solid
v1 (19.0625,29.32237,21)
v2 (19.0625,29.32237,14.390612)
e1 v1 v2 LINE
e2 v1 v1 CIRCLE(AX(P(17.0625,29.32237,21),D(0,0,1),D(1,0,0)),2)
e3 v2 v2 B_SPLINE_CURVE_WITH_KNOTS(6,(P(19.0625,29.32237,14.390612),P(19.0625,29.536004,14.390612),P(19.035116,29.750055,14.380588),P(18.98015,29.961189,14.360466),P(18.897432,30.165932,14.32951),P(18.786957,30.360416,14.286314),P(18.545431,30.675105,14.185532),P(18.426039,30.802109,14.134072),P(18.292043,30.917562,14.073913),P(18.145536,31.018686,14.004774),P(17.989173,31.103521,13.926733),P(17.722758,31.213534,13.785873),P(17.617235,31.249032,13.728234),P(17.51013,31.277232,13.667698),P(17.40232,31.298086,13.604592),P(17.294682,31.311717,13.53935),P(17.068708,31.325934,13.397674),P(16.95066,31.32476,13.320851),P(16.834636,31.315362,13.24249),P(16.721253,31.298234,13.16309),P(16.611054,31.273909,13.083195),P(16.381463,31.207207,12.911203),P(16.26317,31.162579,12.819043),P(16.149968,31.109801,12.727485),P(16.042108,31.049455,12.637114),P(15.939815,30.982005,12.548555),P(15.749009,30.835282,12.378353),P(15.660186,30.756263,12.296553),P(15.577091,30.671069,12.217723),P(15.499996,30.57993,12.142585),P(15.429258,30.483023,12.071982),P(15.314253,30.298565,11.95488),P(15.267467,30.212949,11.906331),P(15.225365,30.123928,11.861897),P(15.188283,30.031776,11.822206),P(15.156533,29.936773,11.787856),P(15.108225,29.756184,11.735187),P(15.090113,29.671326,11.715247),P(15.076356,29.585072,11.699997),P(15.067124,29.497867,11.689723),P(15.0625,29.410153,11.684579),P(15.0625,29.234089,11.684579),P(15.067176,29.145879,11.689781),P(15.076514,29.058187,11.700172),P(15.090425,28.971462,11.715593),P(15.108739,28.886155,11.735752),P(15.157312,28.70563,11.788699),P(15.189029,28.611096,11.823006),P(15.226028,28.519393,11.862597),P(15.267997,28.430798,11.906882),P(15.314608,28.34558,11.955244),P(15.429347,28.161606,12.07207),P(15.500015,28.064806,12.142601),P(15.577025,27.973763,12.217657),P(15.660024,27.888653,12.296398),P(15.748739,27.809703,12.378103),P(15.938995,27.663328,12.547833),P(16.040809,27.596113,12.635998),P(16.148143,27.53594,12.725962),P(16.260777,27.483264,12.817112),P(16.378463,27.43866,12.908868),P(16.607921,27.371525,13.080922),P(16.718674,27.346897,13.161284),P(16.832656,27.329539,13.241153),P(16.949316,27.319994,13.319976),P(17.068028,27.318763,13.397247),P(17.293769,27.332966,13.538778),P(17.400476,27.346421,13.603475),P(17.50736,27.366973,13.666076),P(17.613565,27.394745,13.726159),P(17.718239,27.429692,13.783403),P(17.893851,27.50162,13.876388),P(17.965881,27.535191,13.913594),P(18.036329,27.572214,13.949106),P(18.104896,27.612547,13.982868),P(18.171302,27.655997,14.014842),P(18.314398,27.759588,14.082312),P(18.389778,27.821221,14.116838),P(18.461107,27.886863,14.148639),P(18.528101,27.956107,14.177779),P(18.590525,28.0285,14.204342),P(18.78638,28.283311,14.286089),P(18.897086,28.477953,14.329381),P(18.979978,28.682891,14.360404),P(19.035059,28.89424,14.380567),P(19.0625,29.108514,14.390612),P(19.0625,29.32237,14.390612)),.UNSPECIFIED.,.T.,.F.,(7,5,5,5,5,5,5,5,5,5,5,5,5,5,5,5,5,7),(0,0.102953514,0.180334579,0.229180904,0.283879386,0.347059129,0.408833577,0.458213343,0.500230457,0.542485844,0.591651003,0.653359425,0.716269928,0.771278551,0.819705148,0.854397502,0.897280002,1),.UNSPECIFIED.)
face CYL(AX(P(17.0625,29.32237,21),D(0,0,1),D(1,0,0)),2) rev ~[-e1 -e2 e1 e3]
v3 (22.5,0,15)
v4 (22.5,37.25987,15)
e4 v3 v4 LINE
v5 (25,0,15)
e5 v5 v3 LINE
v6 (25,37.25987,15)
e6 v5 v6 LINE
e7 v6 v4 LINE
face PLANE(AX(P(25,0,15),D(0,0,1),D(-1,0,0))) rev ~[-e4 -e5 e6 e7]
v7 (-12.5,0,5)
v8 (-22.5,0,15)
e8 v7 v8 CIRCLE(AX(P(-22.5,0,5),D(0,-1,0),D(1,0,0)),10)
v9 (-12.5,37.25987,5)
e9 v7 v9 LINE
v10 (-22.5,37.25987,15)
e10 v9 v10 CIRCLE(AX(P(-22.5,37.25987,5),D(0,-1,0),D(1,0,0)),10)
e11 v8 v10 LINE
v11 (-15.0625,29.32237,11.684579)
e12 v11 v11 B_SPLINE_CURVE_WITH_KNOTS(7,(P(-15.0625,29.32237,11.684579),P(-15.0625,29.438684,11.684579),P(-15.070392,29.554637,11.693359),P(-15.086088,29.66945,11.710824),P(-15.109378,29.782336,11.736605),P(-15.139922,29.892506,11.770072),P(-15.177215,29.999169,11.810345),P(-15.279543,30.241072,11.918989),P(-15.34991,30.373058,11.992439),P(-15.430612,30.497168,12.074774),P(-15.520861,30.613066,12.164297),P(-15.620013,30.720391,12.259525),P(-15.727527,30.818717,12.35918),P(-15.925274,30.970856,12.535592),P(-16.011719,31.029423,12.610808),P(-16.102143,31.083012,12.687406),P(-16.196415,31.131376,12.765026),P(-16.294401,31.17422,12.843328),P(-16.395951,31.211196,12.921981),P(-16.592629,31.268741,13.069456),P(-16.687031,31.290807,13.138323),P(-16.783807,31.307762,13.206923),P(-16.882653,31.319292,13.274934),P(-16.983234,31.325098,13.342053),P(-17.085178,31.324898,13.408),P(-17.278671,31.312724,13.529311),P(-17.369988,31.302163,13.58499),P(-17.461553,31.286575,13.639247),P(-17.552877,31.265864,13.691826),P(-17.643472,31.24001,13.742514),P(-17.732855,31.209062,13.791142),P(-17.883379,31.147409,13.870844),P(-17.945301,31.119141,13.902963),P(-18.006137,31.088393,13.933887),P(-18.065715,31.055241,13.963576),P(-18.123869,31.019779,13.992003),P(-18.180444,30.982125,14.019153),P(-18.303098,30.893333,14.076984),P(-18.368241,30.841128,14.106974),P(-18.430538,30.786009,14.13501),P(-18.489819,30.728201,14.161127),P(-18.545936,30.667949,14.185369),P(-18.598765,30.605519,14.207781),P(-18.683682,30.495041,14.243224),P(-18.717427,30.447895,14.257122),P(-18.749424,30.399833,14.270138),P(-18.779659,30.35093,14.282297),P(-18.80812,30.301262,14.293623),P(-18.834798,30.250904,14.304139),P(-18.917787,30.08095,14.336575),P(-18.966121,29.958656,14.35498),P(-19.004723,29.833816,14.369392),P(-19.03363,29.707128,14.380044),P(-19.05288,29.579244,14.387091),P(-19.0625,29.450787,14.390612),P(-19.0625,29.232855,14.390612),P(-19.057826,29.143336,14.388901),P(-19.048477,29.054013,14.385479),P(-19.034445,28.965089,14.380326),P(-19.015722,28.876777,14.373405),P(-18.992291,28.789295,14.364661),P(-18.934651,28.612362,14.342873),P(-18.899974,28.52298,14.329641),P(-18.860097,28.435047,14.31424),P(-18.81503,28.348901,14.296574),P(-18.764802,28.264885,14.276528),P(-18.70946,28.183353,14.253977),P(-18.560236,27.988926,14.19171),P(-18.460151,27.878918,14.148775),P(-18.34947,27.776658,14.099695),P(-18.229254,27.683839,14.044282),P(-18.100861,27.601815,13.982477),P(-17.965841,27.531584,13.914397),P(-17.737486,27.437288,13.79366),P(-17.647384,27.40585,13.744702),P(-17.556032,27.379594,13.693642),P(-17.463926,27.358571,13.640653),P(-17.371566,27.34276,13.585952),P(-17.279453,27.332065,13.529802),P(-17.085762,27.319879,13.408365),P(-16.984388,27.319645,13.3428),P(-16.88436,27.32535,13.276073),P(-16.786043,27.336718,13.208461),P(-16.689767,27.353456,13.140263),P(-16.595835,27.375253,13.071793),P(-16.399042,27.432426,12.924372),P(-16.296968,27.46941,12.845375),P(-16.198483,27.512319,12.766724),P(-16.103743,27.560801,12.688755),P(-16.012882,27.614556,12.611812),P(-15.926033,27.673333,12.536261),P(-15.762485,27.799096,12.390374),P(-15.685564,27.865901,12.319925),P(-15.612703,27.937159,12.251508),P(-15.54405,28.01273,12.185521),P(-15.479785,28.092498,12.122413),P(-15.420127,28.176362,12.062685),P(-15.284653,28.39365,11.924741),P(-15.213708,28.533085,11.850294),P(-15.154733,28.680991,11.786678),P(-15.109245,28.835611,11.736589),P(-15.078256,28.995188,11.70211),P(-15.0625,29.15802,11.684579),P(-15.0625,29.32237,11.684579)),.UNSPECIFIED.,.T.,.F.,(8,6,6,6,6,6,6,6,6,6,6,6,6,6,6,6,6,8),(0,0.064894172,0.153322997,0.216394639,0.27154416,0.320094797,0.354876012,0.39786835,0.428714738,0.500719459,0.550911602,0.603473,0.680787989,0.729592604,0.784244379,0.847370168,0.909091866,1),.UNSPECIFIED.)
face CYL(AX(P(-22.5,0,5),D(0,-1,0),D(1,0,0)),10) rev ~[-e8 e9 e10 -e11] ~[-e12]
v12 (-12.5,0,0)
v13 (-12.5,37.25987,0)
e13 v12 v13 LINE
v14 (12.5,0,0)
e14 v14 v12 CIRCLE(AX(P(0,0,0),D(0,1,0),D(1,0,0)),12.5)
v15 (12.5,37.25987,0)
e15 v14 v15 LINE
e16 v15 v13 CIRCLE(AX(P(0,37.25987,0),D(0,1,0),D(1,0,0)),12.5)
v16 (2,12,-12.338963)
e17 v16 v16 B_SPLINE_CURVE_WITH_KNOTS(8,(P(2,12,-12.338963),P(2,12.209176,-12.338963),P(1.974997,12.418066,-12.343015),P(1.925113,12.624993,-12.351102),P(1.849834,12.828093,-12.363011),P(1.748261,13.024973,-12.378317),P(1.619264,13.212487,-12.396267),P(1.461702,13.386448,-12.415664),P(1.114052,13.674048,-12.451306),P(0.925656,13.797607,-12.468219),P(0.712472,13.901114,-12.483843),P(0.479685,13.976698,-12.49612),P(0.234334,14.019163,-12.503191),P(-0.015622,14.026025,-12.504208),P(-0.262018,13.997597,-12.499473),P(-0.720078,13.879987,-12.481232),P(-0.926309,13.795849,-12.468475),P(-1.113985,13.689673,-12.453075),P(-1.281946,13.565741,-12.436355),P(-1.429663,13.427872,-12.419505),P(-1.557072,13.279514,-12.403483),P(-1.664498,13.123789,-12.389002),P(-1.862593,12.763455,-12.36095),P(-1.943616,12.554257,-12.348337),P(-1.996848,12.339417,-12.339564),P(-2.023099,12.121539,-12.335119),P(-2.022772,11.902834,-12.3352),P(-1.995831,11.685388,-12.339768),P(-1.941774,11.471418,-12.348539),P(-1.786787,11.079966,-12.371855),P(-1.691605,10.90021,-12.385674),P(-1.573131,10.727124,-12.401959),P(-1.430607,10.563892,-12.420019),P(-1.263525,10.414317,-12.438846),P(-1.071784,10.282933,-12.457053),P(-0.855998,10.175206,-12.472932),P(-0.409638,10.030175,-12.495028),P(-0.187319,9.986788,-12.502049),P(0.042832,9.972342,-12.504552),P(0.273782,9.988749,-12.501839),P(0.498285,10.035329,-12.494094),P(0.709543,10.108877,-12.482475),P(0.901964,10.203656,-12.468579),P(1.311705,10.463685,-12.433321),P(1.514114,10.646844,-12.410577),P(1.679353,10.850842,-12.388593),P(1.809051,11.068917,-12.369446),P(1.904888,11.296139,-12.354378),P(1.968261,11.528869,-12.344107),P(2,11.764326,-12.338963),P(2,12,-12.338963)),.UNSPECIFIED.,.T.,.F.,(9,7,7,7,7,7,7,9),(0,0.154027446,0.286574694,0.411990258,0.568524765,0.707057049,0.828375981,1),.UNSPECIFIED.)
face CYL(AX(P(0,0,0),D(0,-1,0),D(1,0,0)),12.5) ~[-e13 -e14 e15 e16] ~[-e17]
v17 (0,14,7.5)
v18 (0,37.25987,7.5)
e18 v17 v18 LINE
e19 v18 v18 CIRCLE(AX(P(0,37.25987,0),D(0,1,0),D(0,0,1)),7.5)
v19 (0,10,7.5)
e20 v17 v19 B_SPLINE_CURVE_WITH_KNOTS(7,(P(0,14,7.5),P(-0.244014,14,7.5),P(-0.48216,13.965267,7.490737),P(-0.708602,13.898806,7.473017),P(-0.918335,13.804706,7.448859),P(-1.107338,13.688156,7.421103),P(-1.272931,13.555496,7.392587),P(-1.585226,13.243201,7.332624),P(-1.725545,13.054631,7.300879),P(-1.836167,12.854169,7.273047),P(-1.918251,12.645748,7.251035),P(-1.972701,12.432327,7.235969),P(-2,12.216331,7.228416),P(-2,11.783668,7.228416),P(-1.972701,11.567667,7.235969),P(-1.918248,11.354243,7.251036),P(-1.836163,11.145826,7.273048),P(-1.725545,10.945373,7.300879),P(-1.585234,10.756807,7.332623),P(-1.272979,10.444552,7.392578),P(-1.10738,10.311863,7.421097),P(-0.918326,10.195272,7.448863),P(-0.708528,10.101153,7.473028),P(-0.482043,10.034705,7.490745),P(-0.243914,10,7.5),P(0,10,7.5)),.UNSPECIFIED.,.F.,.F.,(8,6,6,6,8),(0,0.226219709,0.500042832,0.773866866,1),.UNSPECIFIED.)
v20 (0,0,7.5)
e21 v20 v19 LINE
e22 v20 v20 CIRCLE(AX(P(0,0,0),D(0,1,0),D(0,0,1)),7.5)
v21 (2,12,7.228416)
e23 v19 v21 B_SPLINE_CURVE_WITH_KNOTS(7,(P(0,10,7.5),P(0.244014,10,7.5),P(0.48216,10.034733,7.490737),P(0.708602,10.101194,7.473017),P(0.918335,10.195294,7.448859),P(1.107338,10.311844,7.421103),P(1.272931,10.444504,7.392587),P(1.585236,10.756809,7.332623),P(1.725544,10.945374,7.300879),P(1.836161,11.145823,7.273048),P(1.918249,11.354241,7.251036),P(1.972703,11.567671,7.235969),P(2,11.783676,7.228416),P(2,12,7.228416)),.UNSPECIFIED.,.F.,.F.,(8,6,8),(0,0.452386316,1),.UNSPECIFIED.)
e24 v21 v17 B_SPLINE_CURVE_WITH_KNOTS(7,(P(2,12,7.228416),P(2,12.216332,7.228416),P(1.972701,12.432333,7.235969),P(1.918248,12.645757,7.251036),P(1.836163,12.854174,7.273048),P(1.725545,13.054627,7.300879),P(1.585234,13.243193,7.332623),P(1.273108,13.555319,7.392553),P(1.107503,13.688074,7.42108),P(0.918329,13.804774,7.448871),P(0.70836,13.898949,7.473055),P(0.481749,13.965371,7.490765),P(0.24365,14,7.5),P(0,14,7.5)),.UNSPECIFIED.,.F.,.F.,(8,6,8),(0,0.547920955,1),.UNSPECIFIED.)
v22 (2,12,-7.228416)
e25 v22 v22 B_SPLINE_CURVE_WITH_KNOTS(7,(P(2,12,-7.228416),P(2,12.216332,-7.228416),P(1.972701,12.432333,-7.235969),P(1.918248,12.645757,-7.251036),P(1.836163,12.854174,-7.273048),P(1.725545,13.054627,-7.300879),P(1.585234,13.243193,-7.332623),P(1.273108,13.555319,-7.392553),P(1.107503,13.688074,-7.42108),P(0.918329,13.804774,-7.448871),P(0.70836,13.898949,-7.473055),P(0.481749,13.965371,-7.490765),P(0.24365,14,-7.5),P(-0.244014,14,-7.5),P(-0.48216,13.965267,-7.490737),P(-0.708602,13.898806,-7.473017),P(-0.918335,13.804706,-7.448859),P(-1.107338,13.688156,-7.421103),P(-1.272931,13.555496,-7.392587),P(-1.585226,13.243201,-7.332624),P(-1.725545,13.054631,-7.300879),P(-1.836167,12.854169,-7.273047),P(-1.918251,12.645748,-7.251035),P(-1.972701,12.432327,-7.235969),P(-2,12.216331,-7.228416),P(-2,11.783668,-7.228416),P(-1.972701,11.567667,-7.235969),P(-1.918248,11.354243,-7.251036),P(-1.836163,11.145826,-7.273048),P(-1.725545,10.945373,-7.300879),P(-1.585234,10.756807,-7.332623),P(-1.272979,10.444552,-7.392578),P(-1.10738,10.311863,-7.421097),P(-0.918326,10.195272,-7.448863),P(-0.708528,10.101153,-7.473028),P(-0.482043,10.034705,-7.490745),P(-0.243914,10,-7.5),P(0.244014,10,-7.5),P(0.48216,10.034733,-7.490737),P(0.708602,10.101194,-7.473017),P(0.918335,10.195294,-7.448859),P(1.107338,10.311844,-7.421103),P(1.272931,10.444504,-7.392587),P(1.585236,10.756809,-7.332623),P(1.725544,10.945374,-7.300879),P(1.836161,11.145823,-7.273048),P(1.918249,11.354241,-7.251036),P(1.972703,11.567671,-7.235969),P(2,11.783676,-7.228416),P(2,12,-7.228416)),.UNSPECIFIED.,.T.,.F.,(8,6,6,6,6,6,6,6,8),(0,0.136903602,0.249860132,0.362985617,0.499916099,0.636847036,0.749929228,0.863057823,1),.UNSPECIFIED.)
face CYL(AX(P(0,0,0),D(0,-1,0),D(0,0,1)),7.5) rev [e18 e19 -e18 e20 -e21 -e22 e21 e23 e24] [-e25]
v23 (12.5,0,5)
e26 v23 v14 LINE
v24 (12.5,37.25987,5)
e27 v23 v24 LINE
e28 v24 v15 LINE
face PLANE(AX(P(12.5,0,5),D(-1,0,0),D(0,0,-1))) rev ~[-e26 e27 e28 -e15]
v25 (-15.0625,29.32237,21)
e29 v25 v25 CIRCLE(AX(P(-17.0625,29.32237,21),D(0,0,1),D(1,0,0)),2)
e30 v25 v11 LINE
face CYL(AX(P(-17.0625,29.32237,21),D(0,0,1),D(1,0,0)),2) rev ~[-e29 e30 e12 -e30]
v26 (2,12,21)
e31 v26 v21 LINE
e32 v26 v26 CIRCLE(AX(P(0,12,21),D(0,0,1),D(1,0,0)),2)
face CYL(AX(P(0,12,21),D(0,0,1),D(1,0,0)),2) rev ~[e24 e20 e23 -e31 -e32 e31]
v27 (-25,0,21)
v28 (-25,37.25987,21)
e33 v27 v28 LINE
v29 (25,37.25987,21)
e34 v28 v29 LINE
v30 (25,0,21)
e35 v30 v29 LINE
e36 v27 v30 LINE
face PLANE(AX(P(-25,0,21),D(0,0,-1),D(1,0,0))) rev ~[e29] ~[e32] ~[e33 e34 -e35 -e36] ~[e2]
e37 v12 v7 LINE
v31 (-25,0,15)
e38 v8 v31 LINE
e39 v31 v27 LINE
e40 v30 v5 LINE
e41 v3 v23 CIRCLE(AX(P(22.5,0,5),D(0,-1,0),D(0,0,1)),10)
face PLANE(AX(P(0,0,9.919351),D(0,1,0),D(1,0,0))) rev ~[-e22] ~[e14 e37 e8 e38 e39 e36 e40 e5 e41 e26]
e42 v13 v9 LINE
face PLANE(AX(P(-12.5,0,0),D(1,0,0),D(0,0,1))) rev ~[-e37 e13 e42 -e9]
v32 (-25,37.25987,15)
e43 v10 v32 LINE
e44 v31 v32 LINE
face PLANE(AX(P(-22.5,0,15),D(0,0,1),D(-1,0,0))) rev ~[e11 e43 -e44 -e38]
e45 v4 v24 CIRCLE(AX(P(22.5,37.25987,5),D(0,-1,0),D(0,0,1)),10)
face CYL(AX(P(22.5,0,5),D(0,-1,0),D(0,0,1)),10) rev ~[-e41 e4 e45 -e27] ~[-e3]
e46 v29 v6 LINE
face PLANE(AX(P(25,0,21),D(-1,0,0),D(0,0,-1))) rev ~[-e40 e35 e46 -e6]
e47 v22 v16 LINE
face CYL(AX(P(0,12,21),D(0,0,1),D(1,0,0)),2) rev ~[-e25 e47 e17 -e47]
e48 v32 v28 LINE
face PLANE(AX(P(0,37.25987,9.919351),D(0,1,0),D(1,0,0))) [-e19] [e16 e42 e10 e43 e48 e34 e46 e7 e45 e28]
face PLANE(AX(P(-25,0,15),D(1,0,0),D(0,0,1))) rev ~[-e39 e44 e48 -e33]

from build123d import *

# Parameters (mm, degrees)
PROFILE_SKETCH1_R                    = 7.5
PROFILE_BOSS_EXTRUDE2_DEPTH          = 37.25987
FASTENINGHOLESKETCH3_R               = 2
FASTENINGHOLECUT_EXTRUDE8_DEPTH      = 56.995963358
LM8UUFASTENINGHOLESKETCH5_R          = 2
LM8UUFASTENINGHOLECUT_EXTRUDE9_DEPTH = 56.995963425


with BuildPart() as part:
    # Profile-Sketch1 → Profile-Boss-Extrude2 (new body)
    with BuildSketch(Plane(origin=(0, 0, 0), x_dir=(1, 0, 0), z_dir=(0, 1, 0))):
        with BuildLine():
            Line((-25, -21), (25, -21))
            Line((25, -21), (25, -15))
            Line((25, -15), (22.5, -15))
            ThreePointArc((22.5, -15), (15.428932188, -12.071067812), (12.5, -5))
            Line((12.5, -5), (12.5, 0))
            ThreePointArc((12.5, 0), (0, 12.5), (-12.5, 0))
            Line((-12.5, 0), (-12.5, -5))
            ThreePointArc((-12.5, -5), (-15.428932188, -12.071067812), (-22.5, -15))
            Line((-22.5, -15), (-25, -15))
            Line((-25, -15), (-25, -21))
        make_face()
        with Locations(Location((0, 0, 0), (0, 0, 270))):
            Circle(PROFILE_SKETCH1_R, mode=Mode.SUBTRACT)
    extrude(amount=PROFILE_BOSS_EXTRUDE2_DEPTH)

    # FasteningHoleSketch3 → FasteningHoleCut-Extrude8 (cut, through all)
    with BuildSketch(Plane.XY.offset(21)):
        with Locations((-17.0625, 29.32237)):
            Circle(FASTENINGHOLESKETCH3_R)
        with Locations((17.0625, 29.32237)):
            Circle(FASTENINGHOLESKETCH3_R)
    extrude(amount=-FASTENINGHOLECUT_EXTRUDE8_DEPTH, mode=Mode.SUBTRACT)

    # LM8UUFasteningHoleSketch5 → LM8UUFasteningHoleCut-Extrude9 (cut, through all)
    with BuildSketch(Plane.XY.offset(21)):
        with Locations((0, 12)):
            Circle(LM8UUFASTENINGHOLESKETCH5_R)
    extrude(amount=-LM8UUFASTENINGHOLECUT_EXTRUDE9_DEPTH, mode=Mode.SUBTRACT)


solid = part.part
